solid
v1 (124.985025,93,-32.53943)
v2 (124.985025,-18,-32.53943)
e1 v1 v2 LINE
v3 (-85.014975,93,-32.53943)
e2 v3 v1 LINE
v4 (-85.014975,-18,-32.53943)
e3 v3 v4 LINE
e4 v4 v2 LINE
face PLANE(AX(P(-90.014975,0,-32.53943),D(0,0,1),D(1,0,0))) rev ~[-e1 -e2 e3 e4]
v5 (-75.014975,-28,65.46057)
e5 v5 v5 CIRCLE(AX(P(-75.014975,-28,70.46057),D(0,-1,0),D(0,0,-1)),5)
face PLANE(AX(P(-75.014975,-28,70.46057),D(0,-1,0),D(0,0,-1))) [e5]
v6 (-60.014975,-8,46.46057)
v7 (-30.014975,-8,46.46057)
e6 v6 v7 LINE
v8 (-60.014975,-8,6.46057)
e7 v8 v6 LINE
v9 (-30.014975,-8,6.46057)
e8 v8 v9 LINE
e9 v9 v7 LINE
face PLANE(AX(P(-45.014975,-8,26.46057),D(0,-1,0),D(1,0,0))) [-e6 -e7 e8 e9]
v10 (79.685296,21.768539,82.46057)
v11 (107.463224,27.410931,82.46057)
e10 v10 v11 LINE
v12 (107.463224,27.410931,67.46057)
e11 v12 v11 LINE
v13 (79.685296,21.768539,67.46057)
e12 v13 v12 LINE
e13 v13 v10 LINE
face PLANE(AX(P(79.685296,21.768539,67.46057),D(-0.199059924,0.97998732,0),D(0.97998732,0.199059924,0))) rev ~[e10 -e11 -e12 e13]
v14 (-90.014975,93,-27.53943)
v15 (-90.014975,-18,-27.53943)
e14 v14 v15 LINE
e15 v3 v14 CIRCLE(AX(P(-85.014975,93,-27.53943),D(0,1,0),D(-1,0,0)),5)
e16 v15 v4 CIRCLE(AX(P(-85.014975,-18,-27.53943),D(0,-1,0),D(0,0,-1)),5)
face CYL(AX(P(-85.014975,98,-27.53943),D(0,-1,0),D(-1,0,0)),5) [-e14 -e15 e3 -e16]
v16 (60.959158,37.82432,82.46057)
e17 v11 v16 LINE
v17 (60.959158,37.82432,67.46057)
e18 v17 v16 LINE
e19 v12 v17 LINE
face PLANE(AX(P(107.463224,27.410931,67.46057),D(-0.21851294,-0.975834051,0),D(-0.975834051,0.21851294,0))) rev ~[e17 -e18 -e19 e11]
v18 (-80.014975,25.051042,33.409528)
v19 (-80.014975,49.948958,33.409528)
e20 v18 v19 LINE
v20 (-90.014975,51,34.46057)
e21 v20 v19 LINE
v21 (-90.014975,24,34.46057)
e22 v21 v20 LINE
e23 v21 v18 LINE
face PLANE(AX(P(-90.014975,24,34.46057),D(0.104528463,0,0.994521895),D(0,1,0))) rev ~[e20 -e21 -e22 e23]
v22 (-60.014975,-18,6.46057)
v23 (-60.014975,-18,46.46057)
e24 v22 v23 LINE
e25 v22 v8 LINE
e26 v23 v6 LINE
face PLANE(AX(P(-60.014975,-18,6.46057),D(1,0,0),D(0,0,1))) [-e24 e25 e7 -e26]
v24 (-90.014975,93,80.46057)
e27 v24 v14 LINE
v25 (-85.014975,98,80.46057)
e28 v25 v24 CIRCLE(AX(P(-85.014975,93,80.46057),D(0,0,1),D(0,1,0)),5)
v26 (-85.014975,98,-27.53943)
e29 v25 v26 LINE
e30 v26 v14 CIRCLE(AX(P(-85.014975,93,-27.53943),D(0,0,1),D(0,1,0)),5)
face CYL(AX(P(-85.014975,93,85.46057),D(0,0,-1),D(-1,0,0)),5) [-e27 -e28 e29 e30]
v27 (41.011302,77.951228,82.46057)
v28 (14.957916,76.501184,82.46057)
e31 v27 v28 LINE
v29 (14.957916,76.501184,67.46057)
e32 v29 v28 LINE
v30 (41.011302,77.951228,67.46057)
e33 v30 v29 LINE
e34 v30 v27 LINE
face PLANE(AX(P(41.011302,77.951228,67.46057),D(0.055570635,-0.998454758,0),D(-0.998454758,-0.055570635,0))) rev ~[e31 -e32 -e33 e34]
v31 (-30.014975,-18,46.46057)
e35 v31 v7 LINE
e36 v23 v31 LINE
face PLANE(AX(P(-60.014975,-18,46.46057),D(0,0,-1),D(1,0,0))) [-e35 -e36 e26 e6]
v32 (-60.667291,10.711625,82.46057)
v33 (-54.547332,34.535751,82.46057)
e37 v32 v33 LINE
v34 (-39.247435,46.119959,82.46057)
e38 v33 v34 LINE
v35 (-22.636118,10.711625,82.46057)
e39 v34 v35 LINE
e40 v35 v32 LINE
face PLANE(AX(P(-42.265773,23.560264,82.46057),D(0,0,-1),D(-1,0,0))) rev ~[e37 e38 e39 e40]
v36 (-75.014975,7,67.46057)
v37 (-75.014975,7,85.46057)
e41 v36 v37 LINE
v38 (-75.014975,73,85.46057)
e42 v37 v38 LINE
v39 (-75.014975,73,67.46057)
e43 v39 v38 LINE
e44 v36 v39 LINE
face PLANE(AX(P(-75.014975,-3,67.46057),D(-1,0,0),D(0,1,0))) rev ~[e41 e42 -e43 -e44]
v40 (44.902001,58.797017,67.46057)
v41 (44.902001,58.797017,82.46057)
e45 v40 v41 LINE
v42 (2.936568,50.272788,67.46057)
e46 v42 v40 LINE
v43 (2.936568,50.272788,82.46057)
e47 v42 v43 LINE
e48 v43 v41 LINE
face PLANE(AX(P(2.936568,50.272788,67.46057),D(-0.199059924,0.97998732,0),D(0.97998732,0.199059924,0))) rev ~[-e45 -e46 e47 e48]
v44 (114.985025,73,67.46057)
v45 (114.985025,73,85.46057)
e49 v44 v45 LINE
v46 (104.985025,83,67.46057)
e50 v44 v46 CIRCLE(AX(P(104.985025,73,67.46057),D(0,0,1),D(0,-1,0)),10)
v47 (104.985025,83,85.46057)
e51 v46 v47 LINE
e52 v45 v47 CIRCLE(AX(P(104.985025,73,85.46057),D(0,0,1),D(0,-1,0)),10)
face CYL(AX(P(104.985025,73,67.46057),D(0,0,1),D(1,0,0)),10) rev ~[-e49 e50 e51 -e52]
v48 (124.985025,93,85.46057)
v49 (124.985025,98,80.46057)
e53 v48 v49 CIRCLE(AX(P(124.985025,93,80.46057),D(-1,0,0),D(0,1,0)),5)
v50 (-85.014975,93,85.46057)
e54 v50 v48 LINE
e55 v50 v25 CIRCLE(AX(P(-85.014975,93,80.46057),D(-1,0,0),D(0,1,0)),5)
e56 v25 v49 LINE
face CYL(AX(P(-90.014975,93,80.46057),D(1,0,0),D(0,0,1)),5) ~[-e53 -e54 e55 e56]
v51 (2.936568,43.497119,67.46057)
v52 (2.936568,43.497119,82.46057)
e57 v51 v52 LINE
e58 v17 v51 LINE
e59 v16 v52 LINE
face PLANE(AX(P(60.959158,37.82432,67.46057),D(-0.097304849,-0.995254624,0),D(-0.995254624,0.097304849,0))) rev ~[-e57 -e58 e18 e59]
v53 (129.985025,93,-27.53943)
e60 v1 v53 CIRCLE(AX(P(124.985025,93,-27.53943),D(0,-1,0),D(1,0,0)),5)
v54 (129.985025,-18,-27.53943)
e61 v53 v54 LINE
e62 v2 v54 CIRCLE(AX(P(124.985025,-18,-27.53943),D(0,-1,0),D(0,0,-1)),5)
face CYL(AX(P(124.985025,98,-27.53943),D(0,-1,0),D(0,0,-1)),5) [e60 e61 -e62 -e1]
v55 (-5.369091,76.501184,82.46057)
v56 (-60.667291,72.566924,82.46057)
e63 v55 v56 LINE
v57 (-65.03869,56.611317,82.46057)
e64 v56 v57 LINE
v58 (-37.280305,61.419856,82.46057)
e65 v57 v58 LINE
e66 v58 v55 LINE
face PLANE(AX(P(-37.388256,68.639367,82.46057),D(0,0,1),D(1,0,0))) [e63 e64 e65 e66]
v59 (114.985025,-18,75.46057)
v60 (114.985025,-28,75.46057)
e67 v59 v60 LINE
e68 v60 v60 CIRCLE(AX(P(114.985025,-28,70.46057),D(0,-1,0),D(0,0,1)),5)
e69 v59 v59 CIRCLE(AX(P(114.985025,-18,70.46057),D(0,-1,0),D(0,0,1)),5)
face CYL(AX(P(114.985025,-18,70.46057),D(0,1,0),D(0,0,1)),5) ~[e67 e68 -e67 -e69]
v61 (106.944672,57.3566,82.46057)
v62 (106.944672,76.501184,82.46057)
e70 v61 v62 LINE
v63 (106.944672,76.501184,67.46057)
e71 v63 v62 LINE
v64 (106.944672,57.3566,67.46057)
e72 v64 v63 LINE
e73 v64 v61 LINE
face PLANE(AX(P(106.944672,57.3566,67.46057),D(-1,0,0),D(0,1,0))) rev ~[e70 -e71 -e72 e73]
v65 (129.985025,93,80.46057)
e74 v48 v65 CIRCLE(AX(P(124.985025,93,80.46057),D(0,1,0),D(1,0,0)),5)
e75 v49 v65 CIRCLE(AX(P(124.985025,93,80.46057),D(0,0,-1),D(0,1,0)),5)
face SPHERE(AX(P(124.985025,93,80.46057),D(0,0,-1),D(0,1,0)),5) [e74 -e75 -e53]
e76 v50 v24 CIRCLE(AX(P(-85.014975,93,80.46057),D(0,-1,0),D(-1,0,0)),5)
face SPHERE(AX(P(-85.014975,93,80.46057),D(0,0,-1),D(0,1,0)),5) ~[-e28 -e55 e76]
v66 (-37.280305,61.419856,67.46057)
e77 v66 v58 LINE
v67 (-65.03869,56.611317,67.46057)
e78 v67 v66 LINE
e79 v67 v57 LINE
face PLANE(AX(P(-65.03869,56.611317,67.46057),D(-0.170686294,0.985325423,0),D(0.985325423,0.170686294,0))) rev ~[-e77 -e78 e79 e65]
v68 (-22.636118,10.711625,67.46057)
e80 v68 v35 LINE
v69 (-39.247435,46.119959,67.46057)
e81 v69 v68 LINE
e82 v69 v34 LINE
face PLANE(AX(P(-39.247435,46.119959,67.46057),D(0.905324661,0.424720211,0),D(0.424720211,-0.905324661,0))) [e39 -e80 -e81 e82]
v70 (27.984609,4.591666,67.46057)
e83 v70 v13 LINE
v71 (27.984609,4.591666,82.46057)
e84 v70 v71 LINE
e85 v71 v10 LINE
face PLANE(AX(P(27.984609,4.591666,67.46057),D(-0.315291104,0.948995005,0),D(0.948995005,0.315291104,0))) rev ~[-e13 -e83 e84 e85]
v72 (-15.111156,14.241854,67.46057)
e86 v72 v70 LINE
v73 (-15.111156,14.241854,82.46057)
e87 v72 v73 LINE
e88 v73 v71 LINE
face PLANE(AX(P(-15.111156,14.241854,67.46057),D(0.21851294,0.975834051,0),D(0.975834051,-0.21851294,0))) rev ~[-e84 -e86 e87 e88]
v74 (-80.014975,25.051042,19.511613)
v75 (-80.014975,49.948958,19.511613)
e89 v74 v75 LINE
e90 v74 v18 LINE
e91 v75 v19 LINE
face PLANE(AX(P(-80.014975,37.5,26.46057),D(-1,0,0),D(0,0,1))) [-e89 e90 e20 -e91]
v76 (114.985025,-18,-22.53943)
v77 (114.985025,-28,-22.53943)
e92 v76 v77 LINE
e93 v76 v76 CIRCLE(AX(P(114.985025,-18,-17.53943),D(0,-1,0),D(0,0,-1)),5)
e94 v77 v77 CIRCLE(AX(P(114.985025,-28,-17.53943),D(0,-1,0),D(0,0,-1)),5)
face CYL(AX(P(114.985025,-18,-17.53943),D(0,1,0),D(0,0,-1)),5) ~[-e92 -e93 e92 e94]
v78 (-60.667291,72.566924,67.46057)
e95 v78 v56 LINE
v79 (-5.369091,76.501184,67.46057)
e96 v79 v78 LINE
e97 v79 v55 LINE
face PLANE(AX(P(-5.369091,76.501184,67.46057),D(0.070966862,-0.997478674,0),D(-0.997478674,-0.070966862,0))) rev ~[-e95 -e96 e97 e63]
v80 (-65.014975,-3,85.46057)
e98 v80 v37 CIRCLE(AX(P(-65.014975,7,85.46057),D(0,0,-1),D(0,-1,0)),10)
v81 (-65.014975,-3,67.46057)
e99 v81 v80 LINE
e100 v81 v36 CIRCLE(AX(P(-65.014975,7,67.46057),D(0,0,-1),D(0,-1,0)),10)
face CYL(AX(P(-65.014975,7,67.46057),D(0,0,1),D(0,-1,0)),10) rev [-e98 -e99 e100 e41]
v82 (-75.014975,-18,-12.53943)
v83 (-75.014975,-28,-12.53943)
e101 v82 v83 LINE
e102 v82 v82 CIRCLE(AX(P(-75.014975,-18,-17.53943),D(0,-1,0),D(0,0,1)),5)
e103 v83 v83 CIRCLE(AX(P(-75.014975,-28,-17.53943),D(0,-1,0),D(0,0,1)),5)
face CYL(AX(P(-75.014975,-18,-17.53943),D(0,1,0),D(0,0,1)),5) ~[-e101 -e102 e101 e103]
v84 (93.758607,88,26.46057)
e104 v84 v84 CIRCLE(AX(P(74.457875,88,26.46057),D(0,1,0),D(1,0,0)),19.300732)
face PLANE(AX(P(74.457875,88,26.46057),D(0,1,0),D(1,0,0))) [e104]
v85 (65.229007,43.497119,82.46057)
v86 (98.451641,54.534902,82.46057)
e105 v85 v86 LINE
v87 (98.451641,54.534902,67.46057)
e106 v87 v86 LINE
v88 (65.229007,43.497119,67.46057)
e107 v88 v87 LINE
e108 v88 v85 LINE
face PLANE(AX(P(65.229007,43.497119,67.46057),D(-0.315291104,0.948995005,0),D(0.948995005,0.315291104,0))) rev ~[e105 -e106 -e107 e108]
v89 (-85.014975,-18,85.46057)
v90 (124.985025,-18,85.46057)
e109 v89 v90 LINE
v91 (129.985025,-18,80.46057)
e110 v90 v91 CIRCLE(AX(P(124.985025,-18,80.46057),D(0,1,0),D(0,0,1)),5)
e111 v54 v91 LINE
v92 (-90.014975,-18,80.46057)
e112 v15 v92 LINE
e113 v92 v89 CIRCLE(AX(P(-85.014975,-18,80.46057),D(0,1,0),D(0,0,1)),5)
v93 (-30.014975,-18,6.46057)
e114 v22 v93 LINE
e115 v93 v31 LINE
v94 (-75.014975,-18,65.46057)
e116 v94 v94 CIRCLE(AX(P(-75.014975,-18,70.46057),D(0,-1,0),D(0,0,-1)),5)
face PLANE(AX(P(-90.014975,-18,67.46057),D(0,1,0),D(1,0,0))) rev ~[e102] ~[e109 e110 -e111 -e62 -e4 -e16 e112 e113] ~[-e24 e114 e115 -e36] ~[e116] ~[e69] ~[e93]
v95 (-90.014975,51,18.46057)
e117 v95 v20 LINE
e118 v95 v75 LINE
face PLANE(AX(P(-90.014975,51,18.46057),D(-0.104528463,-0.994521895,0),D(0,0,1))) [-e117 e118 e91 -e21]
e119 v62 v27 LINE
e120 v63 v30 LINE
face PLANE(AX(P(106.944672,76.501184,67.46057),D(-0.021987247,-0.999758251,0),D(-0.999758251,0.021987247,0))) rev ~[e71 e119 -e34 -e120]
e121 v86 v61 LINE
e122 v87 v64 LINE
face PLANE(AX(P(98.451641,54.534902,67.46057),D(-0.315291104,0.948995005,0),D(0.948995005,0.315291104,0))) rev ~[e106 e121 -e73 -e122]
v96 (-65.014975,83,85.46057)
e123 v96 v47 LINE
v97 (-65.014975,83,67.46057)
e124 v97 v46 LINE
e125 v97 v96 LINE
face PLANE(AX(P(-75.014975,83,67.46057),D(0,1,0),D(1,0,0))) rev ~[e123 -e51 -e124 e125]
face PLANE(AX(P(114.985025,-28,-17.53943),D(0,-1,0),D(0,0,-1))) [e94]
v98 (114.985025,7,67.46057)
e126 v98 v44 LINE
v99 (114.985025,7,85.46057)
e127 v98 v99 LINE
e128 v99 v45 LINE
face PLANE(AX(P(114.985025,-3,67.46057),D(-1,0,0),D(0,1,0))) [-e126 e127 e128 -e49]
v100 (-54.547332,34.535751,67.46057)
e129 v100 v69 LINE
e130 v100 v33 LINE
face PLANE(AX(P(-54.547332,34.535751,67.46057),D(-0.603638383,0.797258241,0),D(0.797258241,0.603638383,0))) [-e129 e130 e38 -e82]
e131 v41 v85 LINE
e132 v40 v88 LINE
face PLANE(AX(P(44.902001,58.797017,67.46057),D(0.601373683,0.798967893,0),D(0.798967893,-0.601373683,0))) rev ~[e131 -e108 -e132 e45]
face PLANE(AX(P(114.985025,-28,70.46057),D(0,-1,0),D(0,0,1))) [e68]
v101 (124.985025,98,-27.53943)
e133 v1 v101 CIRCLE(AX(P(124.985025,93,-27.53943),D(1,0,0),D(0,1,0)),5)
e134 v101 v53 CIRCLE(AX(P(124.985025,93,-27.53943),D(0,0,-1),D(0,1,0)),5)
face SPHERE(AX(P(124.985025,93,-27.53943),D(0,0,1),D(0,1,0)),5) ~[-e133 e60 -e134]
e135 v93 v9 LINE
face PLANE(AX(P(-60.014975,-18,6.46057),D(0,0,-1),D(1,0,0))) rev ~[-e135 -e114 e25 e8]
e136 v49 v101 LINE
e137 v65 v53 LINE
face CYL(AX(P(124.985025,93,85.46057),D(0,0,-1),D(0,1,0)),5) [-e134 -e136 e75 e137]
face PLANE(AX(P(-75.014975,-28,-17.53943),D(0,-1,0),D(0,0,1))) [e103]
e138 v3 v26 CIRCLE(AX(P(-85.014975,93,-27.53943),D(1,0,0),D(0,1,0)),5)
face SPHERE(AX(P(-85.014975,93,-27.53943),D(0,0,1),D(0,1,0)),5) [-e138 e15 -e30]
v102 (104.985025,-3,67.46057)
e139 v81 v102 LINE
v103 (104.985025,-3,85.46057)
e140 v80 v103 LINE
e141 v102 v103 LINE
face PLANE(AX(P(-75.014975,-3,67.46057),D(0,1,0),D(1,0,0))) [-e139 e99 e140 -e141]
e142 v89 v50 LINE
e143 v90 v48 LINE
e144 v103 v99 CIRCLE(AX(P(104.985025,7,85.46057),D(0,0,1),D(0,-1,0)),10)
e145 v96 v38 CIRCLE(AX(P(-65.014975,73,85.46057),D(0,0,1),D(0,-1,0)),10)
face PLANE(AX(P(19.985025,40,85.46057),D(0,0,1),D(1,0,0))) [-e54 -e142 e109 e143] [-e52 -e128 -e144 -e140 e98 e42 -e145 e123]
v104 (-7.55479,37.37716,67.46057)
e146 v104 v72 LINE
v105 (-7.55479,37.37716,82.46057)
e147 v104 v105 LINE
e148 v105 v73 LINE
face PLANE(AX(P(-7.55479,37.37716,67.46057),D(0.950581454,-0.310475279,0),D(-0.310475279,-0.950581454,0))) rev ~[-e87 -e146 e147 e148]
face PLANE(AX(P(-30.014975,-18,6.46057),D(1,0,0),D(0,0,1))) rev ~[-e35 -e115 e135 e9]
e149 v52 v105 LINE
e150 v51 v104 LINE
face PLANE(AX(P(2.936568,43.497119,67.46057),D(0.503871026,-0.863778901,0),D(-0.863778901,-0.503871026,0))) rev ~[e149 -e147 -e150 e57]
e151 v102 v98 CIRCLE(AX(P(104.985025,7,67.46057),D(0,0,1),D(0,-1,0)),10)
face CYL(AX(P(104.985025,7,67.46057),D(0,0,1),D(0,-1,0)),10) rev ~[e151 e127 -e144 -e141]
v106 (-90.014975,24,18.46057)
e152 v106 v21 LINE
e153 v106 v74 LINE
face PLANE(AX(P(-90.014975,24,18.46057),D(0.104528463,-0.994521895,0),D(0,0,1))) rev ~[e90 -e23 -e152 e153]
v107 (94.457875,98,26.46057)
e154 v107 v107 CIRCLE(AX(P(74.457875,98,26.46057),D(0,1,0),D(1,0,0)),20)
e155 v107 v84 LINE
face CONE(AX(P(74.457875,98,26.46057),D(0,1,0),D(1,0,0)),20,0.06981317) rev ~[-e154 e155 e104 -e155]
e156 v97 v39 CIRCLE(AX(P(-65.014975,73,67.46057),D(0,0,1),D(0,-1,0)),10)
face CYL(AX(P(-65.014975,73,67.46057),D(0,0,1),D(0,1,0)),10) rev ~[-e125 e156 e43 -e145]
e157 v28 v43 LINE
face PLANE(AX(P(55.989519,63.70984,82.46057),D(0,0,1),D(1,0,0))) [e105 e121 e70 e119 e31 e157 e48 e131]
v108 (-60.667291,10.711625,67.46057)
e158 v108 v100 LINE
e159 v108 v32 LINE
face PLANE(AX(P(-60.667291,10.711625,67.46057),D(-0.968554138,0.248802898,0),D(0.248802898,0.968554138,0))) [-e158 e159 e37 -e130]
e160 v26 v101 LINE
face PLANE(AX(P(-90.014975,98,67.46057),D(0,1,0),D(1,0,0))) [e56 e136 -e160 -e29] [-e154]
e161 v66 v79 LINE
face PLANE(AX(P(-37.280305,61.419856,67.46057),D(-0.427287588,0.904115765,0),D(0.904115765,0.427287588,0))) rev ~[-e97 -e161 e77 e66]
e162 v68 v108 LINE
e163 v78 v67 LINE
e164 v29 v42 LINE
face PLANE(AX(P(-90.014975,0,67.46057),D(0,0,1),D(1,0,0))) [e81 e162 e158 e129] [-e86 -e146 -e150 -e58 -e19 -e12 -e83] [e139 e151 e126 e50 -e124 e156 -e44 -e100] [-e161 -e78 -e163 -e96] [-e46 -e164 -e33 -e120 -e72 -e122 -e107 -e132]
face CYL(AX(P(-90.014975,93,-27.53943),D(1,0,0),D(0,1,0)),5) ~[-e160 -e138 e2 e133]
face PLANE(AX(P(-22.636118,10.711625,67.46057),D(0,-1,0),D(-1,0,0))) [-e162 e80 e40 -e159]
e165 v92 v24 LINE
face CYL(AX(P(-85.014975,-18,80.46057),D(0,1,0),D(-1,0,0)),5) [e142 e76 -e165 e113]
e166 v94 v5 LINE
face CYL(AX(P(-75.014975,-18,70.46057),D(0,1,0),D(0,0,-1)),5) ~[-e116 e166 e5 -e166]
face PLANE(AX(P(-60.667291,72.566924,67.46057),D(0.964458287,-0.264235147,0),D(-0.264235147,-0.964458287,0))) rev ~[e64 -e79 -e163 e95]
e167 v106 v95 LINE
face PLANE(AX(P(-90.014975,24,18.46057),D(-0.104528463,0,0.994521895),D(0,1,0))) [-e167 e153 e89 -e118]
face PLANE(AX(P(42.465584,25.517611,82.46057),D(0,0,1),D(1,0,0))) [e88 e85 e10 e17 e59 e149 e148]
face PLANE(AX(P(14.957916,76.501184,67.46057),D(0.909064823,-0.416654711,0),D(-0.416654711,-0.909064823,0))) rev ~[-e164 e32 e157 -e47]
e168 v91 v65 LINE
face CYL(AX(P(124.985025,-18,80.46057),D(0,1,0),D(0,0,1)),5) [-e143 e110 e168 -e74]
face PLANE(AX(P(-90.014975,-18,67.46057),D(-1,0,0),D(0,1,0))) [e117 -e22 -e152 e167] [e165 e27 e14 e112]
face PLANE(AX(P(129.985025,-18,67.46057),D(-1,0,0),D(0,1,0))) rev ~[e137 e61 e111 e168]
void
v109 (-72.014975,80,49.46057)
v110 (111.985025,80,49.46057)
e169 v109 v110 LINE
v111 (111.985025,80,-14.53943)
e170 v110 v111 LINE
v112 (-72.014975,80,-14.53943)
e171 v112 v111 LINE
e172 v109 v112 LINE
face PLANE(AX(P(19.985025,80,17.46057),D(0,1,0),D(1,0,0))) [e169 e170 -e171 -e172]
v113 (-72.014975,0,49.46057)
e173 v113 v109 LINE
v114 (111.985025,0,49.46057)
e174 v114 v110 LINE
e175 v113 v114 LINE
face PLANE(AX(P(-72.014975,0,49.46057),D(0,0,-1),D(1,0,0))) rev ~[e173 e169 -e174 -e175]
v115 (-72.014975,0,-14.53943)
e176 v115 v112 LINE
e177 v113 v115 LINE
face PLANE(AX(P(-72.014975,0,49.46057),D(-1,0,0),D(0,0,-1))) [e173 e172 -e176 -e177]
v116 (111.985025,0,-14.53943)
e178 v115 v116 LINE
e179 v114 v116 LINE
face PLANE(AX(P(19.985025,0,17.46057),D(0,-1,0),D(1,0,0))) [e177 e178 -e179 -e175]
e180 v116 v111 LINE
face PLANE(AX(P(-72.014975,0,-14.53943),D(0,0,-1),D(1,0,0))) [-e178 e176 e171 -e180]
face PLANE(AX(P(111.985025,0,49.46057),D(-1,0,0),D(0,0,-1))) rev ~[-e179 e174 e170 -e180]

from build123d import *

# Parameters (mm, degrees)
SKETCH1_W           = 220
SKETCH1_H           = 100
SKETCH1_W_2         = 184
SKETCH1_H_2         = 64
BOSS_EXTRUDE1_DEPTH = 80
SKETCH11_W          = 220
SKETCH11_H          = 100
BOSS_EXTRUDE6_DEPTH = 18
SKETCH12_W          = 220
SKETCH12_H          = 100
BOSS_EXTRUDE7_DEPTH = 18
SKETCH2_W           = 220
SKETCH2_H           = 116
SKETCH2_W_2         = 190
SKETCH2_H_2         = 86
BOSS_EXTRUDE2_DEPTH = 18
BOSS_EXTRUDE3_DEPTH = 15
FILLET9_R           = 5
FILLET8_R           = 10
SKETCH13_R          = 5
BOSS_EXTRUDE8_DEPTH = 10
SKETCH14_W          = 16
SKETCH14_H          = 27
CUT_EXTRUDE1_DEPTH  = 10
CUT_EXTRUDE1_DRAFT  = -6
SKETCH15_R          = 20
CUT_EXTRUDE2_DEPTH  = 10
CUT_EXTRUDE2_DRAFT  = -4
SKETCH17_W          = 30
SKETCH17_H          = 40
CUT_EXTRUDE3_DEPTH  = 10


with BuildPart() as part:
    # Sketch1 → Boss-Extrude1 (new body)
    with BuildSketch(Plane(origin=(0, 0, 0), x_dir=(1, 0, 0), z_dir=(0, 1, 0))):
        with Locations((19.985024942, -17.460570406)):
            Rectangle(SKETCH1_W, SKETCH1_H)
        with Locations((19.985024942, -17.460570406)):
            Rectangle(SKETCH1_W_2, SKETCH1_H_2, mode=Mode.SUBTRACT)
    extrude(amount=BOSS_EXTRUDE1_DEPTH)

    # Sketch11 → Boss-Extrude6 (add)
    with BuildSketch(Plane(origin=(0, 80, 0), x_dir=(1, 0, 0), z_dir=(0, 1, 0))):
        with Locations((19.985024942, -17.460570406)):
            Rectangle(SKETCH11_W, SKETCH11_H)
    extrude(amount=BOSS_EXTRUDE6_DEPTH)

    # Sketch12 → Boss-Extrude7 (add)
    with BuildSketch(Plane.XZ):
        with Locations((19.985024942, 17.460570406)):
            Rectangle(SKETCH12_W, SKETCH12_H)
    extrude(amount=BOSS_EXTRUDE7_DEPTH)

    # Sketch2 → Boss-Extrude2 (add)
    with BuildSketch(Plane.XY.offset(67.460570406)):
        with Locations((19.985024942, 40)):
            Rectangle(SKETCH2_W, SKETCH2_H)
        with Locations((19.985024942, 40)):
            Rectangle(SKETCH2_W_2, SKETCH2_H_2, mode=Mode.SUBTRACT)
    extrude(amount=BOSS_EXTRUDE2_DEPTH)

    # Sketch3 → Boss-Extrude3 (add)
    with BuildSketch(Plane.XY.offset(67.460570406)):
        Polygon((14.957915815, 76.501183659), (2.936567903, 50.272788216), (44.902000614, 58.797016735), (65.229007083, 43.497119393), (98.451641312, 54.534902475), (106.944672327, 57.35660028), (106.944672327, 76.501183659), (41.011301547, 77.951227522), align=None)
        Polygon((-60.667291048, 72.566924343), (-65.038690289, 56.611317114), (-37.280305111, 61.419856279), (-5.369090654, 76.501183659), align=None)
        Polygon((-54.547332111, 34.535750949), (-39.247434769, 46.119958937), (-22.636117654, 10.711625088), (-60.667291048, 10.711625088), align=None)
        Polygon((-7.554790274, 37.377160456), (-15.111155502, 14.241854245), (27.984608681, 4.591666151), (79.685296007, 21.768539242), (107.463223985, 27.410930863), (60.959158385, 37.824320409), (2.936567903, 43.497119393), align=None)
    extrude(amount=BOSS_EXTRUDE3_DEPTH)

    # Fillet9
    fillet9_edges = [part.edges().sort_by_distance(p)[0] for p in [
        (-90.014975058, 98, 26.460570406),
        (129.985024942, 98, 26.460570406),
        (19.985024942, 98, -32.539429594),
        (19.985024942, 98, 85.460570406),
        (-90.014975058, 40, 85.460570406),
        (129.985024942, 40, 85.460570406),
        (-90.014975058, 40, -32.539429594),
        (129.985024942, 40, -32.539429594),
    ]]
    fillet(fillet9_edges, radius=FILLET9_R)

    # Fillet8
    fillet8_edges = [part.edges().sort_by_distance(p)[0] for p in [
        (-75.014975058, 83, 76.460570406),
        (114.985024942, 83, 76.460570406),
        (114.985024942, -3, 76.460570406),
        (-75.014975058, -3, 76.460570406),
    ]]
    fillet(fillet8_edges, radius=FILLET8_R)

    # Sketch13 → Boss-Extrude8 (add)
    with BuildSketch(Plane.XZ.offset(18)):
        with Locations(Location((-75.014975058, 70.460570406, 0), (0, 0, 270))):
            Circle(SKETCH13_R)
        with Locations(Location((114.985024942, 70.460570406, 0), (0, 0, 90))):
            Circle(SKETCH13_R)
        with Locations(Location((114.985024942, -17.539429594, 0), (0, 0, 270))):
            Circle(SKETCH13_R)
        with Locations(Location((-75.014975058, -17.539429594, 0), (0, 0, 90))):
            Circle(SKETCH13_R)
    extrude(amount=BOSS_EXTRUDE8_DEPTH)


with BuildPart() as cut_extrude1_tool:
    # Sketch14 → Cut-Extrude1 (with draft: the straight prism first)
    with BuildSketch(Plane.ZY.offset(90.014975058)):
        with Locations((26.460570406, 37.5)):
            Rectangle(SKETCH14_W, SKETCH14_H)
    extrude(amount=-CUT_EXTRUDE1_DEPTH)
    # Cut-Extrude1: the draft: its side faces are tilted about the plane it starts from
    cut_extrude1_sides = [cut_extrude1_tool.faces().sort_by_distance(p)[0] for p in [
        (-85.014975058, 37.5, 18.460570406),
        (-85.014975058, 24, 26.460570406),
        (-85.014975058, 37.5, 34.460570406),
        (-85.014975058, 51, 26.460570406),
    ]]
    draft(cut_extrude1_sides, Plane.ZY.offset(90.014975058), CUT_EXTRUDE1_DRAFT)


with BuildPart() as part_1:
    add(part.part)

    # Cut-Extrude1: cut by cut_extrude1_tool
    add(cut_extrude1_tool.part, mode=Mode.SUBTRACT)


with BuildPart() as cut_extrude2_tool:
    # Sketch15 → Cut-Extrude2 (with draft: the straight prism first)
    with BuildSketch(Plane(origin=(0, 98, 0), x_dir=(1, 0, 0), z_dir=(0, 1, 0))):
        with Locations((74.457875253, -26.460570406)):
            Circle(SKETCH15_R)
    extrude(amount=-CUT_EXTRUDE2_DEPTH)
    # Cut-Extrude2: the draft: its side faces are tilted about the plane it starts from
    cut_extrude2_sides = [cut_extrude2_tool.faces().sort_by_distance(p)[0] for p in [
        (54.457875253, 93, 26.460570406),
    ]]
    draft(cut_extrude2_sides, Plane(origin=(0, 98, 0), x_dir=(1, 0, 0), z_dir=(0, 1, 0)), CUT_EXTRUDE2_DRAFT)


with BuildPart() as part_2:
    add(part_1.part)

    # Cut-Extrude2: cut by cut_extrude2_tool
    add(cut_extrude2_tool.part, mode=Mode.SUBTRACT)

    # Sketch17 → Cut-Extrude3 (cut)
    with BuildSketch(Plane.XZ.offset(18)):
        with Locations((-45.014975058, 26.460570406)):
            Rectangle(SKETCH17_W, SKETCH17_H)
    extrude(amount=-CUT_EXTRUDE3_DEPTH, mode=Mode.SUBTRACT)


solid = part_2.part
